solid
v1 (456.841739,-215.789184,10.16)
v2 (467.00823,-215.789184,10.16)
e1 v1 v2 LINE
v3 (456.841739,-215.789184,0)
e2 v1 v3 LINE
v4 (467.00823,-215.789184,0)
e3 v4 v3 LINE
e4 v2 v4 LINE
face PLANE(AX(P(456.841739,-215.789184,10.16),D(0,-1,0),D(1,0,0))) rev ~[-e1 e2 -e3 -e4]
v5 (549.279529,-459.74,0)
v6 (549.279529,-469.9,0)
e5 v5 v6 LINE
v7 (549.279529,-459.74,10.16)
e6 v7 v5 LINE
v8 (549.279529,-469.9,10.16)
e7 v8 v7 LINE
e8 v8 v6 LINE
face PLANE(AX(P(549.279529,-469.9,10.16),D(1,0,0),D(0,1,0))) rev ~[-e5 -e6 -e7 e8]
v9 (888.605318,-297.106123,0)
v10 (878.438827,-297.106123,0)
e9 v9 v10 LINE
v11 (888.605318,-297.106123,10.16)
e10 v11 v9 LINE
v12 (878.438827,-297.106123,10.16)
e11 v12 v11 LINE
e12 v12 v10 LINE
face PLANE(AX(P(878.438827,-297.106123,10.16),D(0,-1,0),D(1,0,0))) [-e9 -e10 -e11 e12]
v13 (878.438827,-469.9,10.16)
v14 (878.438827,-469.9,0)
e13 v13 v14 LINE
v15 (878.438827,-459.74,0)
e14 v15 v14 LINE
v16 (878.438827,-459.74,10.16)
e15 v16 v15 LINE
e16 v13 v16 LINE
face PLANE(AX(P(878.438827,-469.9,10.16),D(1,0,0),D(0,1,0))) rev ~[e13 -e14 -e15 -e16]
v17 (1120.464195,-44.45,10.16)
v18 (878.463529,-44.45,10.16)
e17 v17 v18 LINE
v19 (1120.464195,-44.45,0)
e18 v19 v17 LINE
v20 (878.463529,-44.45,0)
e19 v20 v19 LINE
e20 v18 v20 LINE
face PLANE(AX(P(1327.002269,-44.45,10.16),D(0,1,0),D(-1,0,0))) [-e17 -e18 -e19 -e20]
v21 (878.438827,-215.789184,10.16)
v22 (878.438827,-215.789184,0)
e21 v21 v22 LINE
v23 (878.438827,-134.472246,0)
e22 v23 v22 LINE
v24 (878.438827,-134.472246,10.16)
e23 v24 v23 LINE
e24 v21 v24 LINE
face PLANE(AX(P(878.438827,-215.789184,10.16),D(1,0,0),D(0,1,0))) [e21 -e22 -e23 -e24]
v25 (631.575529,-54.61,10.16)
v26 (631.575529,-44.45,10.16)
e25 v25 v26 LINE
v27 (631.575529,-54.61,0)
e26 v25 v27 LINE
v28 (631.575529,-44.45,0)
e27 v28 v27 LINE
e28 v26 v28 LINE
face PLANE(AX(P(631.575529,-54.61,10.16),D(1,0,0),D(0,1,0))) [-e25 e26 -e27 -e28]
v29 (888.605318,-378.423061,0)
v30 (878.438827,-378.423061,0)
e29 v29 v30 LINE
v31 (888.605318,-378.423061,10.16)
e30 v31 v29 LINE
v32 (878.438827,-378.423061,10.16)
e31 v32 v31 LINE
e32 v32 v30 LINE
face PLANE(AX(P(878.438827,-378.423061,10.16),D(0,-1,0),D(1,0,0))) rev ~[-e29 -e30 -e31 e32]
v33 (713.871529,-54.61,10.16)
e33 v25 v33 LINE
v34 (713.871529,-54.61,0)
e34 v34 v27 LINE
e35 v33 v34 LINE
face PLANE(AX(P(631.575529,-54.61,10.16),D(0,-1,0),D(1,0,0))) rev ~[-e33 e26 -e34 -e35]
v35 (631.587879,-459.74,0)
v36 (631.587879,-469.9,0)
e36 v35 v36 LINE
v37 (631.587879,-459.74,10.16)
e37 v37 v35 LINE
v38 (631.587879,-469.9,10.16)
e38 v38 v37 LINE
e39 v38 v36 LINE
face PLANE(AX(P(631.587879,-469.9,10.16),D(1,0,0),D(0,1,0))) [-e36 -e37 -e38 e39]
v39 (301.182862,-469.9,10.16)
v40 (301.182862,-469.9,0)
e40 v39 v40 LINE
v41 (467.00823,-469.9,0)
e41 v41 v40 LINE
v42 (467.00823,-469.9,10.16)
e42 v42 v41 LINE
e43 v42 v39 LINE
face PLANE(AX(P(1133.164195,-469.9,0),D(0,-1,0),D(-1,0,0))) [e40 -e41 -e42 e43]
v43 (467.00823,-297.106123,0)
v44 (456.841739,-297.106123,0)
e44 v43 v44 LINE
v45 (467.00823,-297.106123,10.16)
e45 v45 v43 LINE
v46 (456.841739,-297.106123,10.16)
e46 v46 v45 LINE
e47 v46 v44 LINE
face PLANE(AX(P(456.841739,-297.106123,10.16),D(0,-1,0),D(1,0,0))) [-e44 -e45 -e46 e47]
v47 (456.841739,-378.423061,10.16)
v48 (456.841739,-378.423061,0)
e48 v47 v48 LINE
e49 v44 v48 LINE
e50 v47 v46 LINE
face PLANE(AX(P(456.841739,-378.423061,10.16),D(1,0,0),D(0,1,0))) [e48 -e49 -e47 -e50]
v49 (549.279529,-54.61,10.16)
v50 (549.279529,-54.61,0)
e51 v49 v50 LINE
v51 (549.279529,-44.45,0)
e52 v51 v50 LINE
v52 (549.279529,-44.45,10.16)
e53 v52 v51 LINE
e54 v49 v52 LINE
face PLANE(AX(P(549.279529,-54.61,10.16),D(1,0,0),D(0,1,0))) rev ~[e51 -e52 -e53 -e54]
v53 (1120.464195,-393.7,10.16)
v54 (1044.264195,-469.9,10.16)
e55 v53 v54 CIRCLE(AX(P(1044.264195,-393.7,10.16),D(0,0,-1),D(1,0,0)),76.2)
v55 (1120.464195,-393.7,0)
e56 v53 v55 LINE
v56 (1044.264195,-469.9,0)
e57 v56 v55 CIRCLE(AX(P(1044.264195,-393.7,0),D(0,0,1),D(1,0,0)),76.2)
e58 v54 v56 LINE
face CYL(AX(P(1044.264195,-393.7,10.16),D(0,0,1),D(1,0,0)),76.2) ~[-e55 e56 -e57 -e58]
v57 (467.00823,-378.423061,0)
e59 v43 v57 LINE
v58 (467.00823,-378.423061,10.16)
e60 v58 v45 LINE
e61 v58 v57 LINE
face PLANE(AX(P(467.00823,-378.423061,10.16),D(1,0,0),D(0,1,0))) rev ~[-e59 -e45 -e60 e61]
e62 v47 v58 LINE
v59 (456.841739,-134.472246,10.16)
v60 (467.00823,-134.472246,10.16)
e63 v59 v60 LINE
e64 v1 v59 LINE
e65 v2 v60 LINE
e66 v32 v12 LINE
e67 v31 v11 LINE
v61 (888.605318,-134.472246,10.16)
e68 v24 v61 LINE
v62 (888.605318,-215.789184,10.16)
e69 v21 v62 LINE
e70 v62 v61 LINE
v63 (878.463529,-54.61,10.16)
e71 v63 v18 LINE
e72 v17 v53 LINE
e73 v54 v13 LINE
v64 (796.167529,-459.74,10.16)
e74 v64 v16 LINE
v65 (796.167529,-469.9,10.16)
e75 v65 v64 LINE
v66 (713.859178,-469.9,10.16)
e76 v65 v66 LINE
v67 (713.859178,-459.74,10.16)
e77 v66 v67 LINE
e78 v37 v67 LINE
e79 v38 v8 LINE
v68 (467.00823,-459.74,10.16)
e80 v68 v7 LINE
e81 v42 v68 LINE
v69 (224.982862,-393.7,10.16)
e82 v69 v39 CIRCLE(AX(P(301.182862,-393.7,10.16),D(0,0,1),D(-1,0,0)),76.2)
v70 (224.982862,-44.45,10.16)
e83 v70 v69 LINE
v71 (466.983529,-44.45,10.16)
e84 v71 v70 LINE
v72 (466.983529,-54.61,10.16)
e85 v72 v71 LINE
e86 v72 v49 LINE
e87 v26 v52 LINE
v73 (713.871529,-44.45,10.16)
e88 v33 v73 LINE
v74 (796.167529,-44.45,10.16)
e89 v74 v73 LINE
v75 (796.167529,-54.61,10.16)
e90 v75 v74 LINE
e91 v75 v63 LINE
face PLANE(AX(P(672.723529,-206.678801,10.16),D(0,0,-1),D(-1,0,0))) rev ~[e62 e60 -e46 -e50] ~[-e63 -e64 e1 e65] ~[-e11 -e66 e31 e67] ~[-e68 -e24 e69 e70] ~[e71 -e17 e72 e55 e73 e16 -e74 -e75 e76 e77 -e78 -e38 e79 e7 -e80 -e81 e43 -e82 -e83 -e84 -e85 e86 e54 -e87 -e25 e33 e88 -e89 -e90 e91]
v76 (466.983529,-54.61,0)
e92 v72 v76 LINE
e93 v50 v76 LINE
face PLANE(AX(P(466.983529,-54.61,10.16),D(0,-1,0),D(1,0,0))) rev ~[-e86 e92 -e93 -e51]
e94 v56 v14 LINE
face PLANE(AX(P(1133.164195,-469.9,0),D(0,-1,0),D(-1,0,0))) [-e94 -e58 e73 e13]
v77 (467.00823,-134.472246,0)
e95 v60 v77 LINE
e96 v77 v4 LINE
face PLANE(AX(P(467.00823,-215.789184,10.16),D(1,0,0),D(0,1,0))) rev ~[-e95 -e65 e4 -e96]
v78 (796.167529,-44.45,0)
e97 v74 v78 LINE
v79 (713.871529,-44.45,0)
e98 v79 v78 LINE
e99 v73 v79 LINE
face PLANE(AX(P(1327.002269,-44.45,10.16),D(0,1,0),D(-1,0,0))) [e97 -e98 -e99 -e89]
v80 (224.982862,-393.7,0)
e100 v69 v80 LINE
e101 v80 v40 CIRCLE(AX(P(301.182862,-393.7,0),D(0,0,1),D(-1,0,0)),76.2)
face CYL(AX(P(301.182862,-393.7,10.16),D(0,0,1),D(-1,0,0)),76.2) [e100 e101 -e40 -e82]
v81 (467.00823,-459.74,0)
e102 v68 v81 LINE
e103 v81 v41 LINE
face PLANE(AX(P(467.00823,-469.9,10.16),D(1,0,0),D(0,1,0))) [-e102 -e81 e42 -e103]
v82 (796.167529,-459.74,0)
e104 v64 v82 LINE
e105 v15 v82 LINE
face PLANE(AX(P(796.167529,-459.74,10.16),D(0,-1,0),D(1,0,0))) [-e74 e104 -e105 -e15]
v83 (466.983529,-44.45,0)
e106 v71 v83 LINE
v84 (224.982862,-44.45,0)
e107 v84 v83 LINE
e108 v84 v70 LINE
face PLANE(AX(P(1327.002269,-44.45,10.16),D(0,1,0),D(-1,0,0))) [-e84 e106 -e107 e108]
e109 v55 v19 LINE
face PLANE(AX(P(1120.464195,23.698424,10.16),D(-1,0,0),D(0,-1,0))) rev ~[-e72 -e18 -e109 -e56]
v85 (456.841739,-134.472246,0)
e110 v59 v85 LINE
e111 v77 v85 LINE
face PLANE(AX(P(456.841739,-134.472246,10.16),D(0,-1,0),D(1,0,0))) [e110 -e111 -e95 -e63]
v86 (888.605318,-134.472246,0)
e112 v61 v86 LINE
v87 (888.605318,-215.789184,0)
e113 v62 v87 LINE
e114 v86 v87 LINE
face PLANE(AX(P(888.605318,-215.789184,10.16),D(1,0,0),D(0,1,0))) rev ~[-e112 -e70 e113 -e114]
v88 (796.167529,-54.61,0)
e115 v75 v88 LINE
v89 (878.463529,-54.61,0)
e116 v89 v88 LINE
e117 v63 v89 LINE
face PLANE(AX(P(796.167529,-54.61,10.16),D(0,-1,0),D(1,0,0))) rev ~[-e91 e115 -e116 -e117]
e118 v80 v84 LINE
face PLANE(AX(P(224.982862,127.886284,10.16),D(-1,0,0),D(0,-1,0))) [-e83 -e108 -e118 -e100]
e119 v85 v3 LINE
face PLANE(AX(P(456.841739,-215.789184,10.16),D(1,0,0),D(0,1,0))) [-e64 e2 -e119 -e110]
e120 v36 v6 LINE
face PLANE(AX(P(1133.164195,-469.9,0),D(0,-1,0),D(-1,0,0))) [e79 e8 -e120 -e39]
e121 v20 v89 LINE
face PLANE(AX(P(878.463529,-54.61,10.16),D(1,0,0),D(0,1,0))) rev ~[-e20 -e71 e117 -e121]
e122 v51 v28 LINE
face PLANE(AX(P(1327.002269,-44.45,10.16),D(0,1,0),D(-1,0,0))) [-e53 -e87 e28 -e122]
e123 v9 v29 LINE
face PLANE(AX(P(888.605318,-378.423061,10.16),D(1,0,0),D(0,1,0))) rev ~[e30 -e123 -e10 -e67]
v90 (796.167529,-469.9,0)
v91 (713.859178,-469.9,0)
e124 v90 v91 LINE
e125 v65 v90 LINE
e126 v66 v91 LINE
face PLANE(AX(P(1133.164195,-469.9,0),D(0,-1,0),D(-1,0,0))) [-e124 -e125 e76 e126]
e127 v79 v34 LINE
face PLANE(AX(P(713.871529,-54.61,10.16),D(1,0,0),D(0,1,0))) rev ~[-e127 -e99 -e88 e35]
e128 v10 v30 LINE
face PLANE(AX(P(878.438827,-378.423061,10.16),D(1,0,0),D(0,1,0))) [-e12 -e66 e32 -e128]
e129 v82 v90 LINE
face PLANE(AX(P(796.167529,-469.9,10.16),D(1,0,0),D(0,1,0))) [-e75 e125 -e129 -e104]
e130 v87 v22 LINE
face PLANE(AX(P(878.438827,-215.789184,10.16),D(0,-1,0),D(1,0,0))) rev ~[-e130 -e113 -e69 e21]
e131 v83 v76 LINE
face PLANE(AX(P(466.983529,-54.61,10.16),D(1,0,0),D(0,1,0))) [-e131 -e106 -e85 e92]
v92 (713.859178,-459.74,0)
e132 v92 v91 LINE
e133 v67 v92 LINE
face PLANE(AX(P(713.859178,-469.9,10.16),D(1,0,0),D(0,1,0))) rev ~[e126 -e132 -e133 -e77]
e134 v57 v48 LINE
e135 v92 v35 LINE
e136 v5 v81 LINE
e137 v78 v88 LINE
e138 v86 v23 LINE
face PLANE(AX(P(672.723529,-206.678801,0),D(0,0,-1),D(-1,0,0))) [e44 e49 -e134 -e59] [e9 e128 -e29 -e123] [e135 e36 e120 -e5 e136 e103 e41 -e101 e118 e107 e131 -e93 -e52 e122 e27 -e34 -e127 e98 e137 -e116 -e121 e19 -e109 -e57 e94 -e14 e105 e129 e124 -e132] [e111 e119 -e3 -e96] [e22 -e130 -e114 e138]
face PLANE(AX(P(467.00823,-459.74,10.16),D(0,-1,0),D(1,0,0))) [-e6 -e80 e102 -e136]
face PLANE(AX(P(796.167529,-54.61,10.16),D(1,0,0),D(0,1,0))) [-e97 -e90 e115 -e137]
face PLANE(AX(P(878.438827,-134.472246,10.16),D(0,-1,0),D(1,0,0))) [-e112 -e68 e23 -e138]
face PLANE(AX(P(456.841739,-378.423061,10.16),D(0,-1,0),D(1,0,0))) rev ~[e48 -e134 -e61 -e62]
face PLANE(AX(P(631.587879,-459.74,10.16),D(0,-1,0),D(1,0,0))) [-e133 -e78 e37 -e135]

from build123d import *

# Parameters (mm, degrees)
BOSS_EXTRUDE1_DEPTH = 10.16
SKETCH2_W           = 10.166490401
SKETCH2_H           = 81.316938585
SKETCH2_W_2         = 10.166490402
SKETCH2_H_2         = 81.316938584
SKETCH2_W_3         = 82.271298803
SKETCH2_H_3         = 10.16
CUT_EXTRUDE2_DEPTH  = 137.414
CUT_EXTRUDE3_DEPTH  = 1426.179737238
SKETCH5_W           = 82.296
SKETCH5_H           = 10.16
CUT_EXTRUDE4_DEPTH  = 1408.779997291
CUT_EXTRUDE5_DEPTH  = 1408.779997291
CUT_EXTRUDE6_DEPTH  = 25.4


with BuildPart() as part:
    # Sketch1 → Boss-Extrude1 (new body)
    with BuildSketch(Plane.XY):
        with BuildLine():
            Line((0, 0), (1345.447057269, 0))
            Line((1345.447057269, 0), (1156.937235756, -454.288839135))
            add(Edge.make_bspline(
                [(1156.937235756, -454.288839135), (1155.965204773, -456.631331547), (1154.630956054, -458.816896883), (1152.225947859, -461.69350105), (1151.355065983, -462.590813772), (1149.473312624, -464.260936999), (1148.45987476, -465.033112958), (1146.360299176, -466.401155283), (1145.26635201, -467.004685932), (1142.990856866, -468.052074807), (1141.798989191, -468.498505895), (1138.174492983, -469.560599459), (1135.699262078, -469.911644948), (1133.16419506, -469.9)],
                knots=[0, 0, 0, 0, 0.25, 0.25, 0.375, 0.375, 0.5, 0.5, 0.625, 0.625, 0.75, 0.75, 1, 1, 1, 1], degree=3))
            Line((1133.16419506, -469.9), (212.282862208, -469.9))
            add(Edge.make_bspline(
                [(188.509821513, -454.288839135), (189.481852496, -456.631331547), (190.816101215, -458.816896883), (193.22110941, -461.69350105), (194.091991286, -462.590813772), (195.973744645, -464.260936999), (196.987182509, -465.033112958), (199.086758093, -466.401155283), (200.180705259, -467.004685932), (202.456200403, -468.052074807), (203.648068078, -468.498505895), (207.272564286, -469.560599459), (209.747795191, -469.911644948), (212.282862208, -469.9)],
                knots=[0, 0, 0, 0, 0.25, 0.25, 0.375, 0.375, 0.5, 0.5, 0.625, 0.625, 0.75, 0.75, 1, 1, 1, 1], degree=3))
            Line((188.509821513, -454.288839135), (0, 0))
        make_face()
    extrude(amount=BOSS_EXTRUDE1_DEPTH)

    # Sketch2 → Cut-Extrude2 (cut)
    with BuildSketch(Plane.XY.offset(10.16)):
        with Locations((461.924984631, -337.764592123)):
            Rectangle(SKETCH2_W, SKETCH2_H)
        with Locations((883.522072638, -337.764592123)):
            Rectangle(SKETCH2_W_2, SKETCH2_H)
        with Locations((883.522072638, -175.130714953)):
            Rectangle(SKETCH2_W_2, SKETCH2_H_2)
        with Locations((461.924984631, -175.130714953)):
            Rectangle(SKETCH2_W, SKETCH2_H_2)
        with Locations((837.303178036, -464.82)):
            Rectangle(SKETCH2_W_3, SKETCH2_H_3)
        with Locations((672.723528635, -464.82)):
            Rectangle(SKETCH2_W_3, SKETCH2_H_3)
        with Locations((508.143879233, -464.82)):
            Rectangle(SKETCH2_W_3, SKETCH2_H_3)
    extrude(amount=-CUT_EXTRUDE2_DEPTH, mode=Mode.SUBTRACT)

    # Sketch4 → Cut-Extrude3 (cut, through all)
    with BuildSketch(Plane.XY.offset(10.16)):
        Polygon((0, 0), (1345.447057269, 0), (1327.002268746, -44.45), (18.444788523, -44.45), align=None)
    extrude(amount=-CUT_EXTRUDE3_DEPTH, mode=Mode.SUBTRACT)

    # Sketch5 → Cut-Extrude4 (cut, through all)
    with BuildSketch(Plane.XY.offset(10.16)):
        with Locations((508.131528634, -49.53)):
            Rectangle(SKETCH5_W, SKETCH5_H)
        with Locations((672.723528634, -49.53)):
            Rectangle(SKETCH5_W, SKETCH5_H)
        with Locations((837.315528634, -49.53)):
            Rectangle(SKETCH5_W, SKETCH5_H)
    extrude(amount=-CUT_EXTRUDE4_DEPTH, mode=Mode.SUBTRACT)

    # Sketch6 → Cut-Extrude5 (cut, through all)
    with BuildSketch(Plane.XY.offset(10.16)):
        Polygon((192.807539001, -448.077869782), (224.982862208, -469.9), (232.080223429, -549.766419732), (-59.510742861, -242.335130221), (-120.238907144, 37.382474964), (56.544788523, -44.45), (56.544788523, -119.698975594), align=None)
        Polygon((1120.46419506, -469.9), (1113.36683384, -549.766419732), (1404.95780013, -242.335130221), (1465.685964413, 37.382474964), (1288.902268746, -44.45), (1288.902268746, -119.698975594), (1152.639518267, -448.077869782), align=None)
    extrude(amount=-CUT_EXTRUDE5_DEPTH, mode=Mode.SUBTRACT)

    # Sketch7 → Cut-Extrude6 (cut)
    with BuildSketch(Plane.XY.offset(10.16)):
        with BuildLine():
            Line((301.182862208, -469.9), (-145.537284928, -469.9))
            Line((-145.537284928, -469.9), (-145.537284928, 127.88628448))
            Line((-145.537284928, 127.88628448), (224.982862208, 127.88628448))
            Line((224.982862208, 127.88628448), (224.982862208, -393.7))
            ThreePointArc((224.982862208, -393.7), (247.301325482, -447.581536726), (301.182862208, -469.9))
        make_face()
        with BuildLine():
            Line((1044.26419506, -469.9), (1351.858793672, -469.9))
            Line((1351.858793672, -469.9), (1351.858793672, 23.69842382))
            Line((1351.858793672, 23.69842382), (1120.46419506, 23.69842382))
            Line((1120.46419506, 23.69842382), (1120.46419506, -393.7))
            ThreePointArc((1120.46419506, -393.7), (1098.145731787, -447.581536726), (1044.26419506, -469.9))
        make_face()
    extrude(amount=-CUT_EXTRUDE6_DEPTH, mode=Mode.SUBTRACT)


solid = part.part
